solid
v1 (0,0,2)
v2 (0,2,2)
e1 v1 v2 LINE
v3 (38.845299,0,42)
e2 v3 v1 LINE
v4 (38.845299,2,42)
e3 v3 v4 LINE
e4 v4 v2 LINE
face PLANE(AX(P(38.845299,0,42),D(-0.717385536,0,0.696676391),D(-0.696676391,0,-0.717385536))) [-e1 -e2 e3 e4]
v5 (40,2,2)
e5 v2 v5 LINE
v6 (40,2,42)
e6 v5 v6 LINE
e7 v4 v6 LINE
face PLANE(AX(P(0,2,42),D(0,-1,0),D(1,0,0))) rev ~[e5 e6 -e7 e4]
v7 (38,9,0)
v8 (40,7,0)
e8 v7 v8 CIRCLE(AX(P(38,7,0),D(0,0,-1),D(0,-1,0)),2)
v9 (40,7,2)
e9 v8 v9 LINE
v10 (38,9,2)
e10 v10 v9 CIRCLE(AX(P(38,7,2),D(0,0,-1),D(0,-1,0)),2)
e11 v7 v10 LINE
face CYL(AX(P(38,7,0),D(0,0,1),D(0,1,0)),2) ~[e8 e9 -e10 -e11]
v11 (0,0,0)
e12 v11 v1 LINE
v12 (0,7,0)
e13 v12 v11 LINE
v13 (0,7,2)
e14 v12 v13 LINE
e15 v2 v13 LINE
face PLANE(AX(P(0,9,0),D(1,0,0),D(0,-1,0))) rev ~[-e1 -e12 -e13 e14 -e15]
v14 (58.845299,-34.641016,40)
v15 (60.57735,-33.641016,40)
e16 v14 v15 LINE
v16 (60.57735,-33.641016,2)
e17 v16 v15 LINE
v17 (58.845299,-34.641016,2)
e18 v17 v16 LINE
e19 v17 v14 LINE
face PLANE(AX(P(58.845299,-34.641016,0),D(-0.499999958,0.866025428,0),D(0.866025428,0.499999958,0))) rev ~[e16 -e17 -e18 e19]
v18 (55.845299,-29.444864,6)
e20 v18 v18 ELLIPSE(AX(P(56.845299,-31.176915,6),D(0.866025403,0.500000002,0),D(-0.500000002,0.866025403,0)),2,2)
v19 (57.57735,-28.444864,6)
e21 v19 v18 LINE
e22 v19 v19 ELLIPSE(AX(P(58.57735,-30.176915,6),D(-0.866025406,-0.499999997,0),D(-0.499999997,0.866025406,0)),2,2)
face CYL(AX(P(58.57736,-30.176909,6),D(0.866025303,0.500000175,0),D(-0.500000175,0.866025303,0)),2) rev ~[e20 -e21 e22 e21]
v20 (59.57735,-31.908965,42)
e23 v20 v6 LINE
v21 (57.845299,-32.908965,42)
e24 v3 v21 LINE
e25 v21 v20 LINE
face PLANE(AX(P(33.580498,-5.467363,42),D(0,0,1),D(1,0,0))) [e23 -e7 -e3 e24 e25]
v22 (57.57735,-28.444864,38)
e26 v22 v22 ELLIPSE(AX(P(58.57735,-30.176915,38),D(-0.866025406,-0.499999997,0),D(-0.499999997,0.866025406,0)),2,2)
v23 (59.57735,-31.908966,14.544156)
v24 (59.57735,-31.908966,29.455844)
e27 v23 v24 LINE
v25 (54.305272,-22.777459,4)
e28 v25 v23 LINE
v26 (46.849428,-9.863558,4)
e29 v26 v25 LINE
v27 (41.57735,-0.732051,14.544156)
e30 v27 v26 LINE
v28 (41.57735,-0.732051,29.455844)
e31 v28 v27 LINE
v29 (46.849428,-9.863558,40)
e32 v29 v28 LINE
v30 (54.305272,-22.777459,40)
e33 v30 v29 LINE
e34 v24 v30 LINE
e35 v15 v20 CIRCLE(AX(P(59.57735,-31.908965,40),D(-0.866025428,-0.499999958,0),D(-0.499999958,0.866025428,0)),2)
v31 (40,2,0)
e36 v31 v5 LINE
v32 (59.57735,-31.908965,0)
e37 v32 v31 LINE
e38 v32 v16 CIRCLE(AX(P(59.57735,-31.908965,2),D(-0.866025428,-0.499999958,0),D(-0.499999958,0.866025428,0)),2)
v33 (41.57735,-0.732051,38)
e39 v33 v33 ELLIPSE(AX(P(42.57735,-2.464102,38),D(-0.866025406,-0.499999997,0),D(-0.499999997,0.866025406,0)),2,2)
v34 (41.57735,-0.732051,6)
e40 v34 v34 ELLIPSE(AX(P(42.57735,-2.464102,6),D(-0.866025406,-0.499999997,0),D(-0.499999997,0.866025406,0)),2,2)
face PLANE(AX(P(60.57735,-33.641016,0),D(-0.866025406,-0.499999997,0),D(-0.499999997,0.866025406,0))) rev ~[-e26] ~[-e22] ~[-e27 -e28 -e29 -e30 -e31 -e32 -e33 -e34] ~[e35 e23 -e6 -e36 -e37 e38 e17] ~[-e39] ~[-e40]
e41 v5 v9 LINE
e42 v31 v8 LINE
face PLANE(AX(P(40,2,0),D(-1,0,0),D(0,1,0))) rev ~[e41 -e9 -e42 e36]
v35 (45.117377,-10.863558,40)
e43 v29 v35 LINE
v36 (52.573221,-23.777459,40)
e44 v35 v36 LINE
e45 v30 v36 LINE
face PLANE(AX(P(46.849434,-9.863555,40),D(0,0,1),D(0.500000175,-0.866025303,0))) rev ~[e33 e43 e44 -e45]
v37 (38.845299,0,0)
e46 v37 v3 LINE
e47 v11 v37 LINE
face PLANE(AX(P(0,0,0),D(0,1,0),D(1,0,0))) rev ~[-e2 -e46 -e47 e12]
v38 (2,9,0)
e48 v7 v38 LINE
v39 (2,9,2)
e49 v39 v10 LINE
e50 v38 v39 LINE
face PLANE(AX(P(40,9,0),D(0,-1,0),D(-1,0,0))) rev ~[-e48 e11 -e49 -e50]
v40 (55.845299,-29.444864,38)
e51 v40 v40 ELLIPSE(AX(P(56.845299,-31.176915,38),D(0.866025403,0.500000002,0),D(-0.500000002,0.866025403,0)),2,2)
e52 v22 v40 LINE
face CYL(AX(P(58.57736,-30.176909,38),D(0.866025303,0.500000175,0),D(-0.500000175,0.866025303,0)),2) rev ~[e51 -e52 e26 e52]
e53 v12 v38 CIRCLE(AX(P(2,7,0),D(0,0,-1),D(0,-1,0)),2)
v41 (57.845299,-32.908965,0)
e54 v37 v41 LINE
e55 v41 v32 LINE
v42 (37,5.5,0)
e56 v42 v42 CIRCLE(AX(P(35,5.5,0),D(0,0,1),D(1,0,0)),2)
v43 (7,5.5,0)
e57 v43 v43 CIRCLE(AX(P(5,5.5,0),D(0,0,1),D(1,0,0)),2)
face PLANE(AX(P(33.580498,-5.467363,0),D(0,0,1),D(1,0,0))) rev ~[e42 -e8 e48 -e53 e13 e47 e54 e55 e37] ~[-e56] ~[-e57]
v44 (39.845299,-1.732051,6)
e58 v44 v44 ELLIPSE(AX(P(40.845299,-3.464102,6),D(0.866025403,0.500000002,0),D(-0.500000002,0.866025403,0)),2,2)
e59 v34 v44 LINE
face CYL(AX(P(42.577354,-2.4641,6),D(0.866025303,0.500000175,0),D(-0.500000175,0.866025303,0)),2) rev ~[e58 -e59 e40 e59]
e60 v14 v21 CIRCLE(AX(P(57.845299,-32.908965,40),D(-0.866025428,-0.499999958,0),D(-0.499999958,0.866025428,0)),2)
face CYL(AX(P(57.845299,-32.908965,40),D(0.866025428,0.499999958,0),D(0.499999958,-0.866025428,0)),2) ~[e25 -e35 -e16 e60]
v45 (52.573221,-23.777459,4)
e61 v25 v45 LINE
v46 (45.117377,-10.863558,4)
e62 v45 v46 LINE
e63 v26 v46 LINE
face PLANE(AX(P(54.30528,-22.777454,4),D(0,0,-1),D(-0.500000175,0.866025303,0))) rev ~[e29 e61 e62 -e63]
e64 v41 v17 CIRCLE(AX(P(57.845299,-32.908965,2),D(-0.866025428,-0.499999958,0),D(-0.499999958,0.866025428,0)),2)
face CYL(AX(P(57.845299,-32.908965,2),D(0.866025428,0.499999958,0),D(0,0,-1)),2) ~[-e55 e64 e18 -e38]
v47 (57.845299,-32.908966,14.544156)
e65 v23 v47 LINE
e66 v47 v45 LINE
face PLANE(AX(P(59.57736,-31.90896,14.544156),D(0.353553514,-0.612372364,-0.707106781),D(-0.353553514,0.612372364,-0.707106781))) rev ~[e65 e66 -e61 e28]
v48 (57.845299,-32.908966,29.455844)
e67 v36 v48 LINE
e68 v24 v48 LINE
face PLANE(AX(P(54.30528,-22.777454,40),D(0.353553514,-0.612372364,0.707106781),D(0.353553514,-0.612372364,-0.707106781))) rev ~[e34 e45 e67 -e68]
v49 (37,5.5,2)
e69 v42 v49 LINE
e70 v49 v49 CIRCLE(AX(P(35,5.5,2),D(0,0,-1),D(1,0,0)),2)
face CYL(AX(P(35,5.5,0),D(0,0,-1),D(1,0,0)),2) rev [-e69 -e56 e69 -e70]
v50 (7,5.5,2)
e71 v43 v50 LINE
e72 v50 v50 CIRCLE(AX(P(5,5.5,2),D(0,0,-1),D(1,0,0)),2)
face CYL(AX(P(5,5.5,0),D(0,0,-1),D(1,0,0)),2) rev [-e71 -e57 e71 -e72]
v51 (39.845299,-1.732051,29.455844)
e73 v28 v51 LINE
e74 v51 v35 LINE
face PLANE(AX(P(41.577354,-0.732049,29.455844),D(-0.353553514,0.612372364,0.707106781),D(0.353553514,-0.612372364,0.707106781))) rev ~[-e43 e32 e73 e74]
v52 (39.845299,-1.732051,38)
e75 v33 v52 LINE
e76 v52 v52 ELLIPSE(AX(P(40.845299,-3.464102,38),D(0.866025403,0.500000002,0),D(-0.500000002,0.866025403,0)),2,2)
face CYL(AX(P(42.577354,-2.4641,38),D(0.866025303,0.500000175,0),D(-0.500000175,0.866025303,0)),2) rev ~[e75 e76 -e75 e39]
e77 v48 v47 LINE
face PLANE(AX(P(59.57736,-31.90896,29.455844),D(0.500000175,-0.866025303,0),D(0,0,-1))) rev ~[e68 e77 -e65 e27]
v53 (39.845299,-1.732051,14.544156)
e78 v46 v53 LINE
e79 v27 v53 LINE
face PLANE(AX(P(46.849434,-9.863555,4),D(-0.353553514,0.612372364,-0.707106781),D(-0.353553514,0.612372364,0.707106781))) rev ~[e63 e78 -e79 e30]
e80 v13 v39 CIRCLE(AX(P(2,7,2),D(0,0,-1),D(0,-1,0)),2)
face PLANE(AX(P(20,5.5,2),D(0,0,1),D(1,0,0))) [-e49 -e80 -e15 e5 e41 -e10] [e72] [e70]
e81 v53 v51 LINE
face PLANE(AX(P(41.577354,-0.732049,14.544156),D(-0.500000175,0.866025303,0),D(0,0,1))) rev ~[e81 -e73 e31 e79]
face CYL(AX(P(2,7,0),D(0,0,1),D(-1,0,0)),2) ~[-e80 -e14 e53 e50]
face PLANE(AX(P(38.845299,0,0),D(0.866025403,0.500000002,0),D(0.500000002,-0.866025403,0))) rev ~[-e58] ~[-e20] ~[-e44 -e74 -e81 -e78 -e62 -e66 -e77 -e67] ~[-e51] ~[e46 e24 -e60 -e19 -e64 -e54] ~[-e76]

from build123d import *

# Parameters (mm, degrees)
SKETCH_R        = 2
PAD_DEPTH       = 42
SKETCH001_W     = 40
SKETCH001_H     = 7
POCKET_DEPTH    = 40
POCKET001_DEPTH = 5
SKETCH003_R     = 2
POCKET002_DEPTH = 5
FILLET_R        = 2


with BuildPart() as part:
    # Sketch → Pad (new body)
    with BuildSketch(Plane.XY):
        Polygon((0, 0), (38.845299, 0), (58.845299, -34.641016), (60.57735, -33.641016), (40, 2), (40, 9), (0, 9), align=None)
        with Locations((5, 5.5)):
            Circle(SKETCH_R, mode=Mode.SUBTRACT)
        with Locations((35, 5.5)):
            Circle(SKETCH_R, mode=Mode.SUBTRACT)
    extrude(amount=PAD_DEPTH)

    # Sketch001 (on Face11 of Pad) → Pocket (cut)
    with BuildSketch(Plane.XY.offset(42)):
        with Locations((20, 5.5)):
            Rectangle(SKETCH001_W, SKETCH001_H)
    extrude(amount=-POCKET_DEPTH, mode=Mode.SUBTRACT)

    # Sketch002 (on Face6 of Pocket) → Pocket001 (cut)
    with BuildSketch(Plane.XZ):
        Polygon((0, 2), (0, 42), (38.845299, 42), align=None)
    extrude(amount=-POCKET001_DEPTH, mode=Mode.SUBTRACT)

    # Sketch003 (on Face9 of Pocket001) → Pocket002 (cut)
    with BuildSketch(Plane(origin=(30.866025, 17.820508, 0), x_dir=(-0.5, 0.866025, 0), z_dir=(0.866025, 0.5, 0))):
        with Locations((-55.42265, 38)):
            Circle(SKETCH003_R)
        with Locations((-23.42265, 38)):
            Circle(SKETCH003_R)
        with Locations((-23.42265, 6)):
            Circle(SKETCH003_R)
        with Locations((-55.42265, 6)):
            Circle(SKETCH003_R)
        Polygon((-21.42265, 29.455844), (-31.966806, 40), (-46.878494, 40), (-57.42265, 29.455844), (-57.42265, 14.544156), (-46.878494, 4), (-31.966806, 4), (-21.42265, 14.544156), align=None)
    extrude(amount=-POCKET002_DEPTH, mode=Mode.SUBTRACT)

    # Fillet
    fillet_edges = [part.edges().sort_by_distance(p)[0] for p in [
        (59.711325, -34.141016, 42),
        (59.711325, -34.141016, 0),
        (40, 9, 1),
        (0, 9, 1),
    ]]
    fillet(fillet_edges, radius=FILLET_R)


solid = part.part
